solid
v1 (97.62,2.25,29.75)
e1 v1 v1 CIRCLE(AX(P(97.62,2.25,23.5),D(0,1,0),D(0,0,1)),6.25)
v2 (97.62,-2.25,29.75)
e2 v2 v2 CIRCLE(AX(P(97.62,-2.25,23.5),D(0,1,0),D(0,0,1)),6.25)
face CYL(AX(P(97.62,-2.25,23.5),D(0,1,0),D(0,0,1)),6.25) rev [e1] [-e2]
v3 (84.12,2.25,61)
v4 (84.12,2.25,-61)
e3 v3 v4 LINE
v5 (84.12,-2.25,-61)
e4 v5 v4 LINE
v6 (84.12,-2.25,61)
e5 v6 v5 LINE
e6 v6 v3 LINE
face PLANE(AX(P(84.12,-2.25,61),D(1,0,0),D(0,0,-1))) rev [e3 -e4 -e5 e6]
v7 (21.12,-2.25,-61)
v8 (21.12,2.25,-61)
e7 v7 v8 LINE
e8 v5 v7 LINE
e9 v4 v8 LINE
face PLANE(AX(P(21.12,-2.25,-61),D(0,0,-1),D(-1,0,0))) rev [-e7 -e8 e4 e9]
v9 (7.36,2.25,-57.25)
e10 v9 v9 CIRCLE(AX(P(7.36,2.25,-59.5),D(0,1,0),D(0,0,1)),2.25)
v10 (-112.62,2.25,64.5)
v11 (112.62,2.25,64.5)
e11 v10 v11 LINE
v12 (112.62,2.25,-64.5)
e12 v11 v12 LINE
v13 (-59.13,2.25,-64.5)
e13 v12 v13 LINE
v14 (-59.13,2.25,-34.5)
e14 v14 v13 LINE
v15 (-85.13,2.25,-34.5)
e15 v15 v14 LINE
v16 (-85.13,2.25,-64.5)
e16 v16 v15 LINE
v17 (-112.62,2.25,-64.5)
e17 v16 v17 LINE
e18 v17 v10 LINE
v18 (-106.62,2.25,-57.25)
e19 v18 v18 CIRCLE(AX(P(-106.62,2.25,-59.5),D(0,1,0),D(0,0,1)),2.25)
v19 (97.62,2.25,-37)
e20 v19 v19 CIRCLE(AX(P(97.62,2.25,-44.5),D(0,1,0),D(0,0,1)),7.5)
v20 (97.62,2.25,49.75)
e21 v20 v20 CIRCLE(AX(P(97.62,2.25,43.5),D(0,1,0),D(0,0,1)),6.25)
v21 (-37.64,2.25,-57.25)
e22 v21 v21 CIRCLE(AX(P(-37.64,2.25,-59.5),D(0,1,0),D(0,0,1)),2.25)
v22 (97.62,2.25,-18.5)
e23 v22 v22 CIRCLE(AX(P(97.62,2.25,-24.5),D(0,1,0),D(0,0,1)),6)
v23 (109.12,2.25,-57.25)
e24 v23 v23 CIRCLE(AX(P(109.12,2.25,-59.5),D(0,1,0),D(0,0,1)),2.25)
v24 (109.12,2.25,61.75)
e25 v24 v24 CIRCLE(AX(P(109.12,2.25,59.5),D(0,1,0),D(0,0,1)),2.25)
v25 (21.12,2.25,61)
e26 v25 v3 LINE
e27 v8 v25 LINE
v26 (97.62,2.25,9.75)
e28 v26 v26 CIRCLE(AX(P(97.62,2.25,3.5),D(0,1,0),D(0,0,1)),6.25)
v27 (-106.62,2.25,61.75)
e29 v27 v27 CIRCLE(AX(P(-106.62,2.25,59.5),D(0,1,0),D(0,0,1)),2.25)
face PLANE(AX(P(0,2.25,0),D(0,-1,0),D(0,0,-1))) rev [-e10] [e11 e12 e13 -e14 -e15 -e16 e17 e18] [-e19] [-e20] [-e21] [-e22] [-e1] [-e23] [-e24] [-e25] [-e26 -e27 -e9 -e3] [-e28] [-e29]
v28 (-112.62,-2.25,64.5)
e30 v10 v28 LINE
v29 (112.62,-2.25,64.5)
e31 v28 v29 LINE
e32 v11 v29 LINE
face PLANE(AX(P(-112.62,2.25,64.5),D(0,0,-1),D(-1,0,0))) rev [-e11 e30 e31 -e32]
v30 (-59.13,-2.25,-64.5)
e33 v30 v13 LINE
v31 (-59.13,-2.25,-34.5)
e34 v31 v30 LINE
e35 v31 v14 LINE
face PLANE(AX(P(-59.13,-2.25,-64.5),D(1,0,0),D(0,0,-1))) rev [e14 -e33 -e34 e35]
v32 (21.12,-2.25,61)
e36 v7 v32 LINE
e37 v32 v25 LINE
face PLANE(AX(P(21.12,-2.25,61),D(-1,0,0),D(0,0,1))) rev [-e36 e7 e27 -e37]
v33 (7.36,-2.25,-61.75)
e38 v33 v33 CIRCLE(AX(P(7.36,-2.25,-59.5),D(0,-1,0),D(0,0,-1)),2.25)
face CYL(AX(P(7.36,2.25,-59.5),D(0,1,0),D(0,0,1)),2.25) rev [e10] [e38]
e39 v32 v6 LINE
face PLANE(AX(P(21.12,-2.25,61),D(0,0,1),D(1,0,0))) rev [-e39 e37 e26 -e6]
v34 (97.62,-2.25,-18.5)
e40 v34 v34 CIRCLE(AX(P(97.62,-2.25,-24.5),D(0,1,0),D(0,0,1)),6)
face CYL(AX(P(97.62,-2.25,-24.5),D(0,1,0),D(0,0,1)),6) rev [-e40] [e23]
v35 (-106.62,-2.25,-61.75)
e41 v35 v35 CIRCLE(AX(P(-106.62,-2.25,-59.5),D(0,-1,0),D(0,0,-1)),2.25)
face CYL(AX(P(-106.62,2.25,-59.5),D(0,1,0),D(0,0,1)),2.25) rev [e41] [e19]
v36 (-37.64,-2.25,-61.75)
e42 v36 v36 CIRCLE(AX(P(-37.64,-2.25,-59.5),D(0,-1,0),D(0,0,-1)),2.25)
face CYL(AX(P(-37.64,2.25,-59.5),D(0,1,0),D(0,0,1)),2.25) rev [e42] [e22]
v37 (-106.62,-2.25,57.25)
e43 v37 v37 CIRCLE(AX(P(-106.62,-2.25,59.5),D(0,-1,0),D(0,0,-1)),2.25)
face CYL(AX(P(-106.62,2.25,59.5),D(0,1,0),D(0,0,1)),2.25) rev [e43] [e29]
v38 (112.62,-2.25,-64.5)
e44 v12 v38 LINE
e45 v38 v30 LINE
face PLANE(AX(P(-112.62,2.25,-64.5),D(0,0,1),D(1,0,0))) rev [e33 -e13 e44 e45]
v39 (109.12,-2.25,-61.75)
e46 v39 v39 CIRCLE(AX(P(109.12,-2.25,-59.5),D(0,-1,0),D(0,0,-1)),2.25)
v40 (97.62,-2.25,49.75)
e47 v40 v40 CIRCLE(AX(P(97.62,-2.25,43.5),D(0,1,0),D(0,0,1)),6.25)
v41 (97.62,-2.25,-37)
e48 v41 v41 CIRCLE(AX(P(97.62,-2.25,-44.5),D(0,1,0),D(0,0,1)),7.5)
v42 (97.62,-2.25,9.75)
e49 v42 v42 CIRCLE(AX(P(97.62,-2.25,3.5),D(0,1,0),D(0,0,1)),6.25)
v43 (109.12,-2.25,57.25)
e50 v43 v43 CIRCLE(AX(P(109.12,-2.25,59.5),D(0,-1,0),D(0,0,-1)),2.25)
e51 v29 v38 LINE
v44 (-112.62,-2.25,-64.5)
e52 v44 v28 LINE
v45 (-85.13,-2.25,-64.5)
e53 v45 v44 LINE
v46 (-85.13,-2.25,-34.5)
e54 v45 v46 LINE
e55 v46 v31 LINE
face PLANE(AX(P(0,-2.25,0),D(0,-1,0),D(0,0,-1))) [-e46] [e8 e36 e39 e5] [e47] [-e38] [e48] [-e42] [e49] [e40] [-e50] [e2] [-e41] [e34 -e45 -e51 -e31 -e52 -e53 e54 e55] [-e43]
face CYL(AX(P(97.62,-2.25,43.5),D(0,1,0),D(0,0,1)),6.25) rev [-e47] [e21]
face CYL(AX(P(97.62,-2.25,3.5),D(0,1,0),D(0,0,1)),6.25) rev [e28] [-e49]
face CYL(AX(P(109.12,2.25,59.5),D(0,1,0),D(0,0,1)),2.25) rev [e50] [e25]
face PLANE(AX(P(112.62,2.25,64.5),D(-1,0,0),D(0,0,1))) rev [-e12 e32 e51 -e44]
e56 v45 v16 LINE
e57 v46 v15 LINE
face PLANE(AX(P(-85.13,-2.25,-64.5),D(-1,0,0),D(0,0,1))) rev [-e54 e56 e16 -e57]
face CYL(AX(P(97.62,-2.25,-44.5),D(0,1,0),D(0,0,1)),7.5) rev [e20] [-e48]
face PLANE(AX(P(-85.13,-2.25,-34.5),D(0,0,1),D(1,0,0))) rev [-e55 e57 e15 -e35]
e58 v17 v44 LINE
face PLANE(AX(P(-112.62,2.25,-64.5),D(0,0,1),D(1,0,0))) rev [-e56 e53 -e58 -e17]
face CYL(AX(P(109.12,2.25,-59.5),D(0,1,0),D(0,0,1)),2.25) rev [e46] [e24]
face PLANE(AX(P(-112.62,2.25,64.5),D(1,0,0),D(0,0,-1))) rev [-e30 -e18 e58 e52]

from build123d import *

# Parameters (mm, degrees)
SKETCH1_W                = 225.24
SKETCH1_H                = 129
BOSS_EXTRUDE1_DEPTH      = 2.25
SKETCH2_W                = 63
SKETCH2_H                = 122
CUT_EXTRUDE1_DEPTH       = 130.860557522
SKETCH3_R                = 6.25
SKETCH3_R_2              = 6
SKETCH3_R_3              = 7.5
CUT_EXTRUDE2_DEPTH       = 130.860557522
SKETCH4_W                = 26
SKETCH4_H                = 30
CUT_EXTRUDE3_DEPTH       = 130.860557522
M4_CLEARANCE_HOLE1_D     = 4.5
M4_CLEARANCE_HOLE1_DEPTH = 12
M4_CLEARANCE_HOLE1_TIP   = 1.351936393


with BuildPart() as part:
    # Sketch1 → Boss-Extrude1 (new, symmetric)
    with BuildSketch(Plane(origin=(0, 0, 0), x_dir=(1, 0, 0), z_dir=(0, 1, 0))):
        Rectangle(SKETCH1_W, SKETCH1_H)
    extrude(amount=BOSS_EXTRUDE1_DEPTH, both=True)

    # Sketch2 → Cut-Extrude1 (cut, through all)
    with BuildSketch(Plane(origin=(0, 2.25, 0), x_dir=(1, 0, 0), z_dir=(0, 1, 0))):
        with Locations((52.62, 0)):
            Rectangle(SKETCH2_W, SKETCH2_H)
    extrude(amount=-CUT_EXTRUDE1_DEPTH, mode=Mode.SUBTRACT)

    # Sketch3 → Cut-Extrude2 (cut, through all)
    with BuildSketch(Plane(origin=(0, 2.25, 0), x_dir=(1, 0, 0), z_dir=(0, 1, 0))):
        with Locations(Location((97.62, -43.5, 0), (0, 0, 270))):
            Circle(SKETCH3_R)
        with Locations(Location((97.62, -23.5, 0), (0, 0, 270))):
            Circle(SKETCH3_R)
        with Locations(Location((97.62, -3.5, 0), (0, 0, 270))):
            Circle(SKETCH3_R)
        with Locations(Location((97.62, 24.5, 0), (0, 0, 270))):
            Circle(SKETCH3_R_2)
        with Locations(Location((97.62, 44.5, 0), (0, 0, 270))):
            Circle(SKETCH3_R_3)
    extrude(amount=-CUT_EXTRUDE2_DEPTH, mode=Mode.SUBTRACT)

    # Sketch4 → Cut-Extrude3 (cut, through all)
    with BuildSketch(Plane(origin=(0, 2.25, 0), x_dir=(1, 0, 0), z_dir=(0, 1, 0))):
        with Locations((-72.13, 49.5)):
            Rectangle(SKETCH4_W, SKETCH4_H)
    extrude(amount=-CUT_EXTRUDE3_DEPTH, mode=Mode.SUBTRACT)

    # M4 Clearance Hole1
    with Locations(Plane(origin=(0, 2.25, 0), x_dir=(1, 0, 0), z_dir=(0, 1, 0))):
        with Locations((-106.62, -59.5), (-106.62, 59.5), (-37.64, 59.5), (7.36, 59.5), (109.12, 59.5), (109.12, -59.5)):
            Hole(M4_CLEARANCE_HOLE1_D / 2, depth=M4_CLEARANCE_HOLE1_DEPTH)
            with Locations((0, 0, -(M4_CLEARANCE_HOLE1_DEPTH + M4_CLEARANCE_HOLE1_TIP / 2))):  # 118° drill point
                Cone(0, M4_CLEARANCE_HOLE1_D / 2, M4_CLEARANCE_HOLE1_TIP, mode=Mode.SUBTRACT)


solid = part.part
